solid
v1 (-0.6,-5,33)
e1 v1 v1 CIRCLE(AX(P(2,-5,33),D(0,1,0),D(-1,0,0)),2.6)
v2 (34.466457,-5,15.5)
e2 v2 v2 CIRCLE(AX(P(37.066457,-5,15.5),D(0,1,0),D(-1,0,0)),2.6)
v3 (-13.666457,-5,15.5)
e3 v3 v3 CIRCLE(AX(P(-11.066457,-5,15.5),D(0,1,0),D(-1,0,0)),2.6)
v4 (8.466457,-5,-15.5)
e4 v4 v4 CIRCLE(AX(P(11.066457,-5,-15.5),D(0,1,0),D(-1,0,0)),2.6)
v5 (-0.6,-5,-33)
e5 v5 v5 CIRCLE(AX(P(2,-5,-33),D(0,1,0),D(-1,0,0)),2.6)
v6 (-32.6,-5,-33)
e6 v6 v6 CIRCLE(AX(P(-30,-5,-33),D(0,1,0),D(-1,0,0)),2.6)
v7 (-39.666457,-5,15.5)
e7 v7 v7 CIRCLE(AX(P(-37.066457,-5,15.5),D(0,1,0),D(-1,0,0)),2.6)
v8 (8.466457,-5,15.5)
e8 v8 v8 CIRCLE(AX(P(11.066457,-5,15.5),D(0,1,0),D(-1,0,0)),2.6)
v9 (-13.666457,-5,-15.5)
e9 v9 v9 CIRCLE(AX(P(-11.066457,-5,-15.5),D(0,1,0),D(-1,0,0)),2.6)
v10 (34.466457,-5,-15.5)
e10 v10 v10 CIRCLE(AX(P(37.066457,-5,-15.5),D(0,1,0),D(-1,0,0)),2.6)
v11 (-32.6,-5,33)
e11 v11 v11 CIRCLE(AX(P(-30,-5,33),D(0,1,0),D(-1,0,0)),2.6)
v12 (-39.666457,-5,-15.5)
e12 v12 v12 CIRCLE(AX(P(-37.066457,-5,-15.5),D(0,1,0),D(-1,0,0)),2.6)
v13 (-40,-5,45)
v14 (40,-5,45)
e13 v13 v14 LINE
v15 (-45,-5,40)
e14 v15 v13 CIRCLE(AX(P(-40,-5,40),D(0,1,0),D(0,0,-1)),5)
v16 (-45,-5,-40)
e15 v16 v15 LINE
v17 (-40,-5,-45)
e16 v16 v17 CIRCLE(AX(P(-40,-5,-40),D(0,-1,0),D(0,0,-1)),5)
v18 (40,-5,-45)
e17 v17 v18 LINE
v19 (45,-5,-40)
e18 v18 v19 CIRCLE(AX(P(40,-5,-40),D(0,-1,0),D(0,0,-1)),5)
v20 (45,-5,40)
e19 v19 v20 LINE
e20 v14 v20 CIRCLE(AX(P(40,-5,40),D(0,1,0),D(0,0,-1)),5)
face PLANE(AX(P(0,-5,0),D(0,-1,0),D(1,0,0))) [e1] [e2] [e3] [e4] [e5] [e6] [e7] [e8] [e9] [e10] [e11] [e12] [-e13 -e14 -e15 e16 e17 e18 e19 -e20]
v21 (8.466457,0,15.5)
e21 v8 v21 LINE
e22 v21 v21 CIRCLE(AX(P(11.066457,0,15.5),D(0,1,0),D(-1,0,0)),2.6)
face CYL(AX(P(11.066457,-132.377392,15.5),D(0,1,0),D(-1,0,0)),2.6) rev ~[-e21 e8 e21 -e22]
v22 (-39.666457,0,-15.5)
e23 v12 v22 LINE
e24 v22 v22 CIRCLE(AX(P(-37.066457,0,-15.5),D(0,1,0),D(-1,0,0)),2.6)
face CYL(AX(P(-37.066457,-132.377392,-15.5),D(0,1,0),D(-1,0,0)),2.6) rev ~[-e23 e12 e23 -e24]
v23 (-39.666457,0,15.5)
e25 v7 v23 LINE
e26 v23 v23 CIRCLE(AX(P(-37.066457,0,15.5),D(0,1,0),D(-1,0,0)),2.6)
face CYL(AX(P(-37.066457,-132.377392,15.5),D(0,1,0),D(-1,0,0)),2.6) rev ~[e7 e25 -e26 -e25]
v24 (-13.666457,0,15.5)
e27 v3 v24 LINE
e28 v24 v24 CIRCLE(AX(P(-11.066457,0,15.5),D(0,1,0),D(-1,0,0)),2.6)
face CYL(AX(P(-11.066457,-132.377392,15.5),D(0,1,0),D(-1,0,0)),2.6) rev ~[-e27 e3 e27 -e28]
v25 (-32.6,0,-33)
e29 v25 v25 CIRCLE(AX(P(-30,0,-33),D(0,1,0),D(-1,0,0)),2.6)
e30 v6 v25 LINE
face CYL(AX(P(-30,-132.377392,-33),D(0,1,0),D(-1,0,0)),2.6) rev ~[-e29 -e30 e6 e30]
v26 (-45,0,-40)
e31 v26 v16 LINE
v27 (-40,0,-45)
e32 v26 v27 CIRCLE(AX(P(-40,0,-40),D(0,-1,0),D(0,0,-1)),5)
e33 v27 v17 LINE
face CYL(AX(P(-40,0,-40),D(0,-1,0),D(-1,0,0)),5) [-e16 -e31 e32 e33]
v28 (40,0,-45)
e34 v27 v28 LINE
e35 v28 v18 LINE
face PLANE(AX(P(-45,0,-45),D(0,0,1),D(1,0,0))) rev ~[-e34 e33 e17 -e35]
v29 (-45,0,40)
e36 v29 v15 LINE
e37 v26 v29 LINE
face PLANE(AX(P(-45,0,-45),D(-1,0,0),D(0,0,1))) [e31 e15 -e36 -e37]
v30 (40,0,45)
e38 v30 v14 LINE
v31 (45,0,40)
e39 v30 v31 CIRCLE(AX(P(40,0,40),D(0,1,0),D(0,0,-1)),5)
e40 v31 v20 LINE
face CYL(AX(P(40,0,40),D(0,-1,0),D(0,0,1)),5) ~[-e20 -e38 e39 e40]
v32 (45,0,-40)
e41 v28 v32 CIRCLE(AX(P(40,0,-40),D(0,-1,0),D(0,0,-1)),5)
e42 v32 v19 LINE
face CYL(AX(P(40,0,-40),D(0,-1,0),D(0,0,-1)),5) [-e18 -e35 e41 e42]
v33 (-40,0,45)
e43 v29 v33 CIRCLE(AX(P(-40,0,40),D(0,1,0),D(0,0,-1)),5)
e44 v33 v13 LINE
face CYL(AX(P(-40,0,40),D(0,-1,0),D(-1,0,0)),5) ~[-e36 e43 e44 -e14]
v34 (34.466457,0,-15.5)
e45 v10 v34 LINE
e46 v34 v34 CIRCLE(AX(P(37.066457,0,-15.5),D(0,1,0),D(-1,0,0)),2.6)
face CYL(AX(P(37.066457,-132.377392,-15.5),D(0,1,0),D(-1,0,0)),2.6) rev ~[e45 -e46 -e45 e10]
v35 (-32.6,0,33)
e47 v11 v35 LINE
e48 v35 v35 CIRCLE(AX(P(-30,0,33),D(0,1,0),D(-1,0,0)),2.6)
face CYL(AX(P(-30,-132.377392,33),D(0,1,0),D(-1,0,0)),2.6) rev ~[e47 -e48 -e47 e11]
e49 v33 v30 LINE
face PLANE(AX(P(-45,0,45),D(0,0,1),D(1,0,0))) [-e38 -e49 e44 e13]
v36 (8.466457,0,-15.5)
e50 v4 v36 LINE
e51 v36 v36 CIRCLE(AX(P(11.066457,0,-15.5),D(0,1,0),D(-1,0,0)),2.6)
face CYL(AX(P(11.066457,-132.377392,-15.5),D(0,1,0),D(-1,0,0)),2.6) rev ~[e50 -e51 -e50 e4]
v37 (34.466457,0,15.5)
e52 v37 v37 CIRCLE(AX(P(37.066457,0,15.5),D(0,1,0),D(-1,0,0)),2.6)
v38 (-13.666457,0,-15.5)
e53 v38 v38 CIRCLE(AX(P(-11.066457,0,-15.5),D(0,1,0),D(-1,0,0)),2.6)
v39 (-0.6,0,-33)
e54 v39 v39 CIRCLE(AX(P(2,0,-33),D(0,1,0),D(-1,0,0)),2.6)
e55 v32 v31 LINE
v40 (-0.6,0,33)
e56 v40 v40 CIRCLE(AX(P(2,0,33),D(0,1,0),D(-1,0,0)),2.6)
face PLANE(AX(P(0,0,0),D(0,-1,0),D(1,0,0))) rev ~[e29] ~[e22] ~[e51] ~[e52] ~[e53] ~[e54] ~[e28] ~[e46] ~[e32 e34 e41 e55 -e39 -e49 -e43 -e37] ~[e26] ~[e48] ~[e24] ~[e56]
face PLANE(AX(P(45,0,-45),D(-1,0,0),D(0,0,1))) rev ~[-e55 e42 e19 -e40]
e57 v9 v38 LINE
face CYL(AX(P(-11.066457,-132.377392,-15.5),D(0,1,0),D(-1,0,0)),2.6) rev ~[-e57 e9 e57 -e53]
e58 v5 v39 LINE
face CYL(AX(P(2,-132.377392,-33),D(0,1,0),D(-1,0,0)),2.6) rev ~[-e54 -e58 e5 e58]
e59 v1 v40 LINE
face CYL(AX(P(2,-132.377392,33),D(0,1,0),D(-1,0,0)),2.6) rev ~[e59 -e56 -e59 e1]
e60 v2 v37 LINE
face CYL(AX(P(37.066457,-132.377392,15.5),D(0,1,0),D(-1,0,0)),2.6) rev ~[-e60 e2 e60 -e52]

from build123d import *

# Parameters (mm, degrees)
F0_W     = 90
F0_H     = 90
F1_DEPTH = 5
F3_D     = 5.2
F5_D     = 5.2
F6_R     = 5


with BuildPart() as f1:
    # F0 (on Front) → F1 (new body)
    with BuildSketch(Plane.XZ):
        Rectangle(F0_W, F0_H)
    extrude(amount=F1_DEPTH)

    # F3 (through all)
    with Locations(Plane.XZ.offset(5)):
        with Locations((-37.066457, 15.5), (-11.066457, 15.5), (11.066457, 15.5), (37.066457, 15.5), (37.066457, -15.5), (11.066457, -15.5), (-11.066457, -15.5), (-37.066457, -15.5)):
            Hole(F3_D / 2)

    # F5 (through all)
    with Locations(Plane.XZ.offset(5)):
        with Locations((-30, 33), (2, 33), (2, -33), (-30, -33)):
            Hole(F5_D / 2)

    # F6
    f6_edges = [f1.edges().sort_by_distance(p)[0] for p in [
        (-45, -2.5, 45),
        (-45, -2.5, -45),
        (45, -2.5, 45),
        (45, -2.5, -45),
    ]]
    fillet(f6_edges, radius=F6_R)


solid = f1.part
